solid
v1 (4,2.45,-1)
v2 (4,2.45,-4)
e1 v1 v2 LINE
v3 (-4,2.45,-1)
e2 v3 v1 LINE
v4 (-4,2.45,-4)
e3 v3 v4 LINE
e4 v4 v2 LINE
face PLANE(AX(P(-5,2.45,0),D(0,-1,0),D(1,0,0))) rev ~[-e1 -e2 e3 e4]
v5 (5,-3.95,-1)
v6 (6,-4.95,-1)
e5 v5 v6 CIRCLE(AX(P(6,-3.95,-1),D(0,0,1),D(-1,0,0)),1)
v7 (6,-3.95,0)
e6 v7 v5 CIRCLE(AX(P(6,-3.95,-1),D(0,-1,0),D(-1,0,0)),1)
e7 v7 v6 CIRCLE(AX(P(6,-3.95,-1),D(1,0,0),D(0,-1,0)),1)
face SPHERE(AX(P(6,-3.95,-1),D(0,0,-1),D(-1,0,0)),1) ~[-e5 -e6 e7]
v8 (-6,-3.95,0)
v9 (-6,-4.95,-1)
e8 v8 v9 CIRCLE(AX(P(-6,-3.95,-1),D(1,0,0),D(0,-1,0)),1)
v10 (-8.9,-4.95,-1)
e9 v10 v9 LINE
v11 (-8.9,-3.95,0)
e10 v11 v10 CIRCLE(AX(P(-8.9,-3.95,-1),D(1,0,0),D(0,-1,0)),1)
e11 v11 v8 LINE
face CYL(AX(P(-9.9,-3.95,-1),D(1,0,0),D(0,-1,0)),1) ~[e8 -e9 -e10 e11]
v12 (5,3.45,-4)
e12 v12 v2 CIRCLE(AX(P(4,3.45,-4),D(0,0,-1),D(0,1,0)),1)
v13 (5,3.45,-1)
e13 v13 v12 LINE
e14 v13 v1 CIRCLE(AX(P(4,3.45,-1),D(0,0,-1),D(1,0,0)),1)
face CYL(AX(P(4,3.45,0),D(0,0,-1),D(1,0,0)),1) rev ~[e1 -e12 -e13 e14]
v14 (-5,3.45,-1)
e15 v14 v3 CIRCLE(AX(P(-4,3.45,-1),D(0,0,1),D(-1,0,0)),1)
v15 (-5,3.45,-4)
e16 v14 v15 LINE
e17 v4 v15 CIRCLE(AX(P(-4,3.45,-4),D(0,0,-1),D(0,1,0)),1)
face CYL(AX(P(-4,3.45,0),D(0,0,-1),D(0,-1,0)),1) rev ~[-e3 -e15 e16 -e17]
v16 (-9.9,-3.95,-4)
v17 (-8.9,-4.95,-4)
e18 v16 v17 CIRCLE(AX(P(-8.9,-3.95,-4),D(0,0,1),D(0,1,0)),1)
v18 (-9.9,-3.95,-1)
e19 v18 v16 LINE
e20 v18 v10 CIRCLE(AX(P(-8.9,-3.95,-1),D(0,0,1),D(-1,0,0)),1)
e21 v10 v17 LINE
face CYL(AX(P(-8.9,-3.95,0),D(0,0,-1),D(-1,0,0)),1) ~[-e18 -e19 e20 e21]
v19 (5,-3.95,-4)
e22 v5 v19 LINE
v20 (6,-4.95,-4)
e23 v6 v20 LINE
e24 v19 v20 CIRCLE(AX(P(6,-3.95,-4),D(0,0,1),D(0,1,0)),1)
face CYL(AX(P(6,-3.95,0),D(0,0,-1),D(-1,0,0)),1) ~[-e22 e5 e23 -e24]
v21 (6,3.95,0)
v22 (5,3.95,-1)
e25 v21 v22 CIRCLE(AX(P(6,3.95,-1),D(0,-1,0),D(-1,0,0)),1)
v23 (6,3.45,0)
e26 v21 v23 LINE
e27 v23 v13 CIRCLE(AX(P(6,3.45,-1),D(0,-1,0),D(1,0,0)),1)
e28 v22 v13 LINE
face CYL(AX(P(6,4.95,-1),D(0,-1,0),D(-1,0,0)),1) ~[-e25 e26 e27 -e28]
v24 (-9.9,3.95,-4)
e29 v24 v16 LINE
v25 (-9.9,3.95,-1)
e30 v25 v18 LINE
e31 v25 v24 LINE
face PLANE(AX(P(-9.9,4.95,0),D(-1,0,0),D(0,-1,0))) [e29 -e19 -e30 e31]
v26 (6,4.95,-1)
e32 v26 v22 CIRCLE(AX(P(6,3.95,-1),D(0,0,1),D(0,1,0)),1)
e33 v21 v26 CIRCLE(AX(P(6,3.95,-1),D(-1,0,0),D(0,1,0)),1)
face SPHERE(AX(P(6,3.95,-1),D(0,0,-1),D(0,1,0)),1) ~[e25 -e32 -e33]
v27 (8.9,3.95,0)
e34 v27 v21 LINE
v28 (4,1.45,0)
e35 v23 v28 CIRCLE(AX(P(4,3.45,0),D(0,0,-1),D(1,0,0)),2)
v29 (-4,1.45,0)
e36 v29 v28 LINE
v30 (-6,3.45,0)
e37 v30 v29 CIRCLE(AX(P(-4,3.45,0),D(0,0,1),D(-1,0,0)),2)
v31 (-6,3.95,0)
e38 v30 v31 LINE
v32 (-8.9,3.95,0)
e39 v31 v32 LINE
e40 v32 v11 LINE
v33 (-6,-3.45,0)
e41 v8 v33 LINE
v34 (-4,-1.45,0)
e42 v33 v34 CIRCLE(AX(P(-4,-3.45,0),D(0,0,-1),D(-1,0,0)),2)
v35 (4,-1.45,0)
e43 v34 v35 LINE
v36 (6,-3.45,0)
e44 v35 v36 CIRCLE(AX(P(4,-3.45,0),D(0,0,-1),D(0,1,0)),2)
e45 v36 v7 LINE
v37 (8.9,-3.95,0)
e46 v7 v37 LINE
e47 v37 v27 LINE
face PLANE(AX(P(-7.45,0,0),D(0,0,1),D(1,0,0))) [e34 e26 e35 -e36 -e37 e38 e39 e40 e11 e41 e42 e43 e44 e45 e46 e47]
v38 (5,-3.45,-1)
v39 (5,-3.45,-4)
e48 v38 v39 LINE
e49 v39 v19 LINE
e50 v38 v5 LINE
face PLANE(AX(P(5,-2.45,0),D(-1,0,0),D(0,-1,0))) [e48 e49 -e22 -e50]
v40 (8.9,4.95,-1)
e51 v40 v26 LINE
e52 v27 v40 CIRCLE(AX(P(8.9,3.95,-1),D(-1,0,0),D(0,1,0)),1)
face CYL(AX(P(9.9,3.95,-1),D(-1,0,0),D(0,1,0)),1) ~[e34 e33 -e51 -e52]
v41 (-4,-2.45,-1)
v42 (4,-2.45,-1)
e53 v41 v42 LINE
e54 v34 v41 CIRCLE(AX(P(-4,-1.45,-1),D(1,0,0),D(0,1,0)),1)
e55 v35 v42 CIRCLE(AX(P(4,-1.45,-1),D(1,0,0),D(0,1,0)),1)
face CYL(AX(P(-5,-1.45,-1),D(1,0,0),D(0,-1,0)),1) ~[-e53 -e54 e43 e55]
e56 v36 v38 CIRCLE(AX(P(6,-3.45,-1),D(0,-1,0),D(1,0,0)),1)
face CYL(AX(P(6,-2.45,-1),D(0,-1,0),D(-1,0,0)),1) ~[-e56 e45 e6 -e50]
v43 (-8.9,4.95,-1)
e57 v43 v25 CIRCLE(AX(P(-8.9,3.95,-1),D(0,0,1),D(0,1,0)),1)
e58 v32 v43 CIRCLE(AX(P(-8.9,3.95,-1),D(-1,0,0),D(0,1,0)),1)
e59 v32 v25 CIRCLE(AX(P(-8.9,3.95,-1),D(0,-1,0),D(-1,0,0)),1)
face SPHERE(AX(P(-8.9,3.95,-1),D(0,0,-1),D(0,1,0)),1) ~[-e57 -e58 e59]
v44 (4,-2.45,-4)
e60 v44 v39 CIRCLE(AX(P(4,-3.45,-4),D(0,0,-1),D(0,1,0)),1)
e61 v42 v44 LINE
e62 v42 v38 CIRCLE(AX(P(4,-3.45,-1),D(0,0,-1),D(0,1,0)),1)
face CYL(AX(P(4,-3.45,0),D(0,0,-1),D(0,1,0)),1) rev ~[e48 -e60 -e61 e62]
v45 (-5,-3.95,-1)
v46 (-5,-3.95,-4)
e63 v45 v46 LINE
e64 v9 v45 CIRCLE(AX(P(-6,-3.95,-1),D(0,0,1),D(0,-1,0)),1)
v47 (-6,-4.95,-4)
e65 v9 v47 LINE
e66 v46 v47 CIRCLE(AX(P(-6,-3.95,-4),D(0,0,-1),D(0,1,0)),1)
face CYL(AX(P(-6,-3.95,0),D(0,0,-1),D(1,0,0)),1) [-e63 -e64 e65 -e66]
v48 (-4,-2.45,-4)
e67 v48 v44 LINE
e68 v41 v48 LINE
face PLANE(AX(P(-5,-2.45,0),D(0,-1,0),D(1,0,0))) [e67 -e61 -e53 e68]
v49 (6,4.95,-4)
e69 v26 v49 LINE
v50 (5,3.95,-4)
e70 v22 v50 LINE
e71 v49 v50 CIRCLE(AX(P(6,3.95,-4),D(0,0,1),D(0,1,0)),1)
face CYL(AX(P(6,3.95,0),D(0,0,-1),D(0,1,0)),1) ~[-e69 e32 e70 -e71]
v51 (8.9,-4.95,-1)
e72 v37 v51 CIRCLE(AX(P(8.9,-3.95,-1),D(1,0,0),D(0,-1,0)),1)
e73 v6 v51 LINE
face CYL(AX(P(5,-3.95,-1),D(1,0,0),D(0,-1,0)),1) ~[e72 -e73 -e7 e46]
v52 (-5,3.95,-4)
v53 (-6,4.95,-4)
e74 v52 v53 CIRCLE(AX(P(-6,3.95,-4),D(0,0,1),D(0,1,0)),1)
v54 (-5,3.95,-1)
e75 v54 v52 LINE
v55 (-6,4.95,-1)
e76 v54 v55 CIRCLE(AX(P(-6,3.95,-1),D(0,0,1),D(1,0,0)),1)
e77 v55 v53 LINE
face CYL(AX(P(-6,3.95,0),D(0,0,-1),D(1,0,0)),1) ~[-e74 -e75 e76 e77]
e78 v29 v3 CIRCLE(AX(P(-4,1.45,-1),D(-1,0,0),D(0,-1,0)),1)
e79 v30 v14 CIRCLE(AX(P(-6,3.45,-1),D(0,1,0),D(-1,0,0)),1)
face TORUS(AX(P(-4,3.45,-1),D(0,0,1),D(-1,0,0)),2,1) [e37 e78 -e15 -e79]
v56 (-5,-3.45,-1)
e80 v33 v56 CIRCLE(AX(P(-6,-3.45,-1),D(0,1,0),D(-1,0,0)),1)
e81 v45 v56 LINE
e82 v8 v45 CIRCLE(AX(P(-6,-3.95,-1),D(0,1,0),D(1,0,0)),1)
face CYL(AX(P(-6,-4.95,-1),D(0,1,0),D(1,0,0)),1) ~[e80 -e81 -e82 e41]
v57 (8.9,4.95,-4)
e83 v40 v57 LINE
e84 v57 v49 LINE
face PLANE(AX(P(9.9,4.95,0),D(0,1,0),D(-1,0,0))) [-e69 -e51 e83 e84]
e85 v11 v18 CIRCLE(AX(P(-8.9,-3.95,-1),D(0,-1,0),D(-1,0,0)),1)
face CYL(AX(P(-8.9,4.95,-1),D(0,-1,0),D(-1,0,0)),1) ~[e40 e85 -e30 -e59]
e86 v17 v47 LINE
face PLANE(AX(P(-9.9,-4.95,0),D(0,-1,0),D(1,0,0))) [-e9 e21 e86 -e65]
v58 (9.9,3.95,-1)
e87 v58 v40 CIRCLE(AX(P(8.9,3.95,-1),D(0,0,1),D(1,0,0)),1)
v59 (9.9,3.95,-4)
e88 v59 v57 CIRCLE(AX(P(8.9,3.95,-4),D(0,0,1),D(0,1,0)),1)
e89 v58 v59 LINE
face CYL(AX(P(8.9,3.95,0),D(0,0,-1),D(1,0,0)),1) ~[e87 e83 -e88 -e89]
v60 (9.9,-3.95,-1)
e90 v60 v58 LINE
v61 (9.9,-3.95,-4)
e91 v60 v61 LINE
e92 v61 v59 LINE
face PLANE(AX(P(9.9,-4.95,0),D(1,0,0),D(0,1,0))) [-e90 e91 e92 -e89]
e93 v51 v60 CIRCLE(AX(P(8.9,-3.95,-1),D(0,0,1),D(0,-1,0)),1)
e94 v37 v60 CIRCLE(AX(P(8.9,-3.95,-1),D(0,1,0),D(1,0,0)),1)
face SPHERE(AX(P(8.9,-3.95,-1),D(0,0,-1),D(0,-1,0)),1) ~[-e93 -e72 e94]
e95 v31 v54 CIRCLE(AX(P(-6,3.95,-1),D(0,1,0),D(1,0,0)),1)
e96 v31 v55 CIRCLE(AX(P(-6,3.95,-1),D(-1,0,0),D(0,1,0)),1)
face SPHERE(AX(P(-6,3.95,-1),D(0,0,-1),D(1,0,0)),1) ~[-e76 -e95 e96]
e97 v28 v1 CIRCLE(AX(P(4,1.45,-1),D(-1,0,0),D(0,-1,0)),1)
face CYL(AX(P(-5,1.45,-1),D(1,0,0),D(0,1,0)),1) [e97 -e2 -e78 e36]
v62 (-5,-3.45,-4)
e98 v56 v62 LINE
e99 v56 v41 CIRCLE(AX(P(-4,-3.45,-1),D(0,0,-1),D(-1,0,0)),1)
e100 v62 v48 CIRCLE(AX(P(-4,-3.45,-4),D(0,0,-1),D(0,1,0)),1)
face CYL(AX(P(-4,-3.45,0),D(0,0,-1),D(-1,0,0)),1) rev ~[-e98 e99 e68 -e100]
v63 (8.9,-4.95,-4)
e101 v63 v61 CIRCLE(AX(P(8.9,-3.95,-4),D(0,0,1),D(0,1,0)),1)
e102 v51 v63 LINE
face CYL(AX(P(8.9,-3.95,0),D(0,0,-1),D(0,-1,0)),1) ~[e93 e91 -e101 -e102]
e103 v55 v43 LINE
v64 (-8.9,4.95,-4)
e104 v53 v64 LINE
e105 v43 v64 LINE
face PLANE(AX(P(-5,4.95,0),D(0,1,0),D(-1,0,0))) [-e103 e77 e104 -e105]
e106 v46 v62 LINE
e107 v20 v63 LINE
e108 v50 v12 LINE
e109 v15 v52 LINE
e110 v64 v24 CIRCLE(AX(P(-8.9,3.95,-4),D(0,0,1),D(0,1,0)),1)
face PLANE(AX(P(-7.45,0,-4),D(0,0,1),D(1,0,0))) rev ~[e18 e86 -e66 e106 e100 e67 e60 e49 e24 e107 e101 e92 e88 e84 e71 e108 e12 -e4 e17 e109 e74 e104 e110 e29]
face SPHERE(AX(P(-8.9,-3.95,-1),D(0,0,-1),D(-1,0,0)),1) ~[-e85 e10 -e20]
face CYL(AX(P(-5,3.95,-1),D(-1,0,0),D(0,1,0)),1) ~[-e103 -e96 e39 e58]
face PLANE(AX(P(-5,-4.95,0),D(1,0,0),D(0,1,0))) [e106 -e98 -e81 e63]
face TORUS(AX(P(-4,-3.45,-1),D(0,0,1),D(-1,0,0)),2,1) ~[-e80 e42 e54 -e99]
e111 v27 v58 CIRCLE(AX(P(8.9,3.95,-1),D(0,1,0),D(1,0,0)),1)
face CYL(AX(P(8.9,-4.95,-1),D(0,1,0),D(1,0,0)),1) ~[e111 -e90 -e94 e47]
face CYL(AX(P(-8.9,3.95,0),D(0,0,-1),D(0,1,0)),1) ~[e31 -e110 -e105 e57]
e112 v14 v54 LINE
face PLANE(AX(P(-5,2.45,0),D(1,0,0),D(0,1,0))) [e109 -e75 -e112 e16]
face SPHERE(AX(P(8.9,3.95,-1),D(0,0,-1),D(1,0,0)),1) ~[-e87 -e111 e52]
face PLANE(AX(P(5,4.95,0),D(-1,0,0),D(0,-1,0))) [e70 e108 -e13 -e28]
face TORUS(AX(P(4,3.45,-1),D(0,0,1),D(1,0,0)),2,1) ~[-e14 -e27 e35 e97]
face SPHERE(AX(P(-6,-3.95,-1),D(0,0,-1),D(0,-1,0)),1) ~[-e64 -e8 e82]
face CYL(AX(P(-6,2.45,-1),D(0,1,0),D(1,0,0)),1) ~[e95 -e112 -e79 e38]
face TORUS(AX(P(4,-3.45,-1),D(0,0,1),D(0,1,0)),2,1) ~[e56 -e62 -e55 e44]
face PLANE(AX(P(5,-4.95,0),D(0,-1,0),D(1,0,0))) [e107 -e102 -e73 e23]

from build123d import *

# Parameters (mm, degrees)
F0_W     = 10
F0_H     = 4.9
F1_DEPTH = 4
F2_R     = 1


with BuildPart() as f1:
    # F0 (on Top) → F1 (new body)
    with BuildSketch(Plane.XY):
        Polygon((-5, -4.95), (-5, -2.45), (-5, 2.45), (-5, 4.95), (-9.9, 4.95), (-9.9, -4.95), align=None)
        Polygon((5, 2.45), (5, -2.45), (5, -4.95), (9.9, -4.95), (9.9, 4.95), (5, 4.95), align=None)
        Rectangle(F0_W, F0_H)
    extrude(amount=-F1_DEPTH)

    # F2
    f2_edges = [f1.edges().sort_by_distance(p)[0] for p in [
        (-5, 2.45, -2),
        (-5, 4.95, -2),
        (-9.9, 4.95, -2),
        (-9.9, -4.95, -2),
        (5, -4.95, -2),
        (-5, -4.95, -2),
        (-5, -2.45, -2),
        (5, 4.95, -2),
        (5, -2.45, -2),
        (9.9, 4.95, -2),
        (9.9, -4.95, -2),
        (5, 2.45, -2),
        (-5, 3.7, 0),
        (-7.45, 4.95, 0),
        (-9.9, 0, 0),
        (-7.45, -4.95, 0),
        (-5, -3.7, 0),
        (0, -2.45, 0),
        (5, -3.7, 0),
        (7.45, -4.95, 0),
        (9.9, 0, 0),
        (7.45, 4.95, 0),
        (5, 3.7, 0),
        (0, 2.45, 0),
    ]]
    fillet(f2_edges, radius=F2_R)


solid = f1.part
